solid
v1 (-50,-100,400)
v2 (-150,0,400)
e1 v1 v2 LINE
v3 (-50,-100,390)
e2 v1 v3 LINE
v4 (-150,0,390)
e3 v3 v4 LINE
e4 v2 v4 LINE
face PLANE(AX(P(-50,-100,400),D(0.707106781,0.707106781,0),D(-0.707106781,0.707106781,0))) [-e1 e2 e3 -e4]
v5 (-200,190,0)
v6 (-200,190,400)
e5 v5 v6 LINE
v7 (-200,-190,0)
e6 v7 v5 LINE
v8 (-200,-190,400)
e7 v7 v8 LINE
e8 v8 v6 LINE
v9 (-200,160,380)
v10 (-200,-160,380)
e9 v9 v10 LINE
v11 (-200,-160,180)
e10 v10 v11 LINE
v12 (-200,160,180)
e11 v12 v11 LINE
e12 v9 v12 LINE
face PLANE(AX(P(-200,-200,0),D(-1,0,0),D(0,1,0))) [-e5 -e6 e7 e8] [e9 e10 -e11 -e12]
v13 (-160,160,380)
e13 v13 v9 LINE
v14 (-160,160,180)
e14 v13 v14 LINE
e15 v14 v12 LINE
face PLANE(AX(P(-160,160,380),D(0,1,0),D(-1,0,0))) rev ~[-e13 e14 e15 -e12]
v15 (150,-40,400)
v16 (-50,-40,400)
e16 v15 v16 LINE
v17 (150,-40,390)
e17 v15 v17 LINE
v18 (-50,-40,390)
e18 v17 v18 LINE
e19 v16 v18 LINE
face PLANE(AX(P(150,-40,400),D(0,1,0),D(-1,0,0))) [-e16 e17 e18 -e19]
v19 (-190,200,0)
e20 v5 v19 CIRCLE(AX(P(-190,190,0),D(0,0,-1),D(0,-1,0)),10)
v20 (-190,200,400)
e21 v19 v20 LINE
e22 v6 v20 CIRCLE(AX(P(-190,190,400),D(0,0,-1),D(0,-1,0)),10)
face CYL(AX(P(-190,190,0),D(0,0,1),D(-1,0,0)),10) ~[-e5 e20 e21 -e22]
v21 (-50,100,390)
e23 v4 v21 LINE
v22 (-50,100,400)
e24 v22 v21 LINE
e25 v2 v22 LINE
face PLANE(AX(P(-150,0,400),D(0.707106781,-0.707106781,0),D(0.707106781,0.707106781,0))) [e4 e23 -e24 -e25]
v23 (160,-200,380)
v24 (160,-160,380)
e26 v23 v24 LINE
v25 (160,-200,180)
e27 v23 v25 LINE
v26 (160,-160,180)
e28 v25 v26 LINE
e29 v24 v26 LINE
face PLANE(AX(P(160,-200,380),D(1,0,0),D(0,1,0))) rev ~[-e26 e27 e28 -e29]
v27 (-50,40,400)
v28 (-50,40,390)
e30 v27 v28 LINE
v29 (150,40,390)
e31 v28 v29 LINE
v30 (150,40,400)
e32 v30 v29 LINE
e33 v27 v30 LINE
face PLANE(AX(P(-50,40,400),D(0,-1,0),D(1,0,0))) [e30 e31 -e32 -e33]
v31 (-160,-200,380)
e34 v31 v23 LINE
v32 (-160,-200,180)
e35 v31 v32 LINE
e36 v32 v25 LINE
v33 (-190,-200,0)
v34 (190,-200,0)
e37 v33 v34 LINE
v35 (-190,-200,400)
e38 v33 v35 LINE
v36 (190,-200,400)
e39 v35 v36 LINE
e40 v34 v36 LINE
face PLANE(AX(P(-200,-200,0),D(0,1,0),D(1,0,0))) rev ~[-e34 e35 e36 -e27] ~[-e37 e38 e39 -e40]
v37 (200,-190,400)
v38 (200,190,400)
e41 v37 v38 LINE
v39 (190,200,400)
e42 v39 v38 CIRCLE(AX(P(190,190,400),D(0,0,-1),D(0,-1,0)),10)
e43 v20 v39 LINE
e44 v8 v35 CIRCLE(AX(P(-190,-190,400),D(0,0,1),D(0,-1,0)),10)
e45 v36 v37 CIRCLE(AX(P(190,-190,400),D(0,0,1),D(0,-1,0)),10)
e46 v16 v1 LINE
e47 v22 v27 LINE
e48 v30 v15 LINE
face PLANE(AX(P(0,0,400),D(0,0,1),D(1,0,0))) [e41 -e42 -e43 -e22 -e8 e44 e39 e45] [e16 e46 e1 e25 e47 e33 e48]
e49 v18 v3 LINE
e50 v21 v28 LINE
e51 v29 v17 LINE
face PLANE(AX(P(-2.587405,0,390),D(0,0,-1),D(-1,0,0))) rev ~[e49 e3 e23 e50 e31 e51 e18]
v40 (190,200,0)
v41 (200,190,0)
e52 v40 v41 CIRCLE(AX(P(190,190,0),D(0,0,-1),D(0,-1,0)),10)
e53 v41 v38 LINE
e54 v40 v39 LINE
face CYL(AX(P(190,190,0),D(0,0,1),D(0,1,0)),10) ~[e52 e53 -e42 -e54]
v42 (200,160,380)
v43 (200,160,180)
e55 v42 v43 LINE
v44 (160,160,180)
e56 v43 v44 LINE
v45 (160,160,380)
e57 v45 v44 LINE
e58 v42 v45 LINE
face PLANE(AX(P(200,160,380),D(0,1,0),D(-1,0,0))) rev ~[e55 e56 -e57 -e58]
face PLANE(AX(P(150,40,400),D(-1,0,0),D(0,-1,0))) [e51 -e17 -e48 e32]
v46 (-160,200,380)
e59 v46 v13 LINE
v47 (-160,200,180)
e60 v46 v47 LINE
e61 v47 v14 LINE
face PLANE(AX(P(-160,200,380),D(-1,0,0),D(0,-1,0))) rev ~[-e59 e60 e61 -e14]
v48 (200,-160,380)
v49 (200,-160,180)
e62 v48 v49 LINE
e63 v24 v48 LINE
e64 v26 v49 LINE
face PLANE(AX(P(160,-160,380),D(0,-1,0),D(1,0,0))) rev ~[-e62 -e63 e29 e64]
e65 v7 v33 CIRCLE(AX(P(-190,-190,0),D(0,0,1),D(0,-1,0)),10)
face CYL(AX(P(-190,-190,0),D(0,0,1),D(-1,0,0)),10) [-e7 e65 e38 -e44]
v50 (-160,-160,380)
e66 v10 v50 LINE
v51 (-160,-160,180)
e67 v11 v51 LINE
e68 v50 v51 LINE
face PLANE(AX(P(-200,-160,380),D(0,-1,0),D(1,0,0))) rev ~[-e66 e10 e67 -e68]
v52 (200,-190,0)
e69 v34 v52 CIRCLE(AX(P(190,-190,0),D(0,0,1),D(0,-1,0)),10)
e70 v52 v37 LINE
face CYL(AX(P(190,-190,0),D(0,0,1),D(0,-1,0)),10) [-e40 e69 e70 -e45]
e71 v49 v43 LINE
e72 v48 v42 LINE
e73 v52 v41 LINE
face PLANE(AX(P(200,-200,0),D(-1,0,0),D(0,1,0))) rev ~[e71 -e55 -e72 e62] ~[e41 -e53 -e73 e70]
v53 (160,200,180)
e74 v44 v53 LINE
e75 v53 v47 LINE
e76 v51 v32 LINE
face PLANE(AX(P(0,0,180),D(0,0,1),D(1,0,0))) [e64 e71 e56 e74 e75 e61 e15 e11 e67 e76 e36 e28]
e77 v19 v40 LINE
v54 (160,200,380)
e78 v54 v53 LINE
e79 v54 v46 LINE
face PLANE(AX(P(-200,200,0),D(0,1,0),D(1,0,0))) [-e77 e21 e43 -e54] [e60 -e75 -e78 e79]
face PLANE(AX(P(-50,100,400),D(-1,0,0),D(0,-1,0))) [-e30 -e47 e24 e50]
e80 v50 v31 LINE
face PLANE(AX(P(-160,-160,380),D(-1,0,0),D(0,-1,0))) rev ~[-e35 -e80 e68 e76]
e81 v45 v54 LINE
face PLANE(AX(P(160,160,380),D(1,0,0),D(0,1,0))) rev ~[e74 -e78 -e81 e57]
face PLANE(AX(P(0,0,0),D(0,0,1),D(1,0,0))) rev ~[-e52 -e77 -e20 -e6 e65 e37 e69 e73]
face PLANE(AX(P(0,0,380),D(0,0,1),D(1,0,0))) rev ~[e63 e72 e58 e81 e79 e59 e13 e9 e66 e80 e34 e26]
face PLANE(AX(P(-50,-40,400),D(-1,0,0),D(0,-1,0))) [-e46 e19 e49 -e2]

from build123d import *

# Parameters (mm, degrees)
SKETCH1_W           = 400
SKETCH1_H           = 400
BOSS_EXTRUDE1_DEPTH = 400
CUT_EXTRUDE1_DEPTH  = 200
CUT_EXTRUDE2_DEPTH  = 10
FILLET1_R           = 10


with BuildPart() as part:
    # Sketch1 → Boss-Extrude1 (new body)
    with BuildSketch(Plane.XY):
        Rectangle(SKETCH1_W, SKETCH1_H)
    extrude(amount=BOSS_EXTRUDE1_DEPTH)

    # Sketch2 → Cut-Extrude1 (cut)
    with BuildSketch(Plane.XY.offset(380)):
        Polygon((160, 200), (-160, 200), (-160, 160), (-200, 160), (-200, -160), (-160, -160), (-160, -200), (160, -200), (160, -160), (200, -160), (200, 160), (160, 160), align=None)
    extrude(amount=-CUT_EXTRUDE1_DEPTH, mode=Mode.SUBTRACT)

    # Sketch3 → Cut-Extrude2 (cut)
    with BuildSketch(Plane.XY.offset(400)):
        Polygon((-150, 0), (-50, 100), (-50, 40), (150, 40), (150, -40), (-50, -40), (-50, -100), align=None)
    extrude(amount=-CUT_EXTRUDE2_DEPTH, mode=Mode.SUBTRACT)

    # Fillet1
    fillet1_edges = [part.edges().sort_by_distance(p)[0] for p in [
        (200, -200, 200),
        (-200, -200, 200),
        (-200, 200, 200),
        (200, 200, 200),
    ]]
    fillet(fillet1_edges, radius=FILLET1_R)


solid = part.part
